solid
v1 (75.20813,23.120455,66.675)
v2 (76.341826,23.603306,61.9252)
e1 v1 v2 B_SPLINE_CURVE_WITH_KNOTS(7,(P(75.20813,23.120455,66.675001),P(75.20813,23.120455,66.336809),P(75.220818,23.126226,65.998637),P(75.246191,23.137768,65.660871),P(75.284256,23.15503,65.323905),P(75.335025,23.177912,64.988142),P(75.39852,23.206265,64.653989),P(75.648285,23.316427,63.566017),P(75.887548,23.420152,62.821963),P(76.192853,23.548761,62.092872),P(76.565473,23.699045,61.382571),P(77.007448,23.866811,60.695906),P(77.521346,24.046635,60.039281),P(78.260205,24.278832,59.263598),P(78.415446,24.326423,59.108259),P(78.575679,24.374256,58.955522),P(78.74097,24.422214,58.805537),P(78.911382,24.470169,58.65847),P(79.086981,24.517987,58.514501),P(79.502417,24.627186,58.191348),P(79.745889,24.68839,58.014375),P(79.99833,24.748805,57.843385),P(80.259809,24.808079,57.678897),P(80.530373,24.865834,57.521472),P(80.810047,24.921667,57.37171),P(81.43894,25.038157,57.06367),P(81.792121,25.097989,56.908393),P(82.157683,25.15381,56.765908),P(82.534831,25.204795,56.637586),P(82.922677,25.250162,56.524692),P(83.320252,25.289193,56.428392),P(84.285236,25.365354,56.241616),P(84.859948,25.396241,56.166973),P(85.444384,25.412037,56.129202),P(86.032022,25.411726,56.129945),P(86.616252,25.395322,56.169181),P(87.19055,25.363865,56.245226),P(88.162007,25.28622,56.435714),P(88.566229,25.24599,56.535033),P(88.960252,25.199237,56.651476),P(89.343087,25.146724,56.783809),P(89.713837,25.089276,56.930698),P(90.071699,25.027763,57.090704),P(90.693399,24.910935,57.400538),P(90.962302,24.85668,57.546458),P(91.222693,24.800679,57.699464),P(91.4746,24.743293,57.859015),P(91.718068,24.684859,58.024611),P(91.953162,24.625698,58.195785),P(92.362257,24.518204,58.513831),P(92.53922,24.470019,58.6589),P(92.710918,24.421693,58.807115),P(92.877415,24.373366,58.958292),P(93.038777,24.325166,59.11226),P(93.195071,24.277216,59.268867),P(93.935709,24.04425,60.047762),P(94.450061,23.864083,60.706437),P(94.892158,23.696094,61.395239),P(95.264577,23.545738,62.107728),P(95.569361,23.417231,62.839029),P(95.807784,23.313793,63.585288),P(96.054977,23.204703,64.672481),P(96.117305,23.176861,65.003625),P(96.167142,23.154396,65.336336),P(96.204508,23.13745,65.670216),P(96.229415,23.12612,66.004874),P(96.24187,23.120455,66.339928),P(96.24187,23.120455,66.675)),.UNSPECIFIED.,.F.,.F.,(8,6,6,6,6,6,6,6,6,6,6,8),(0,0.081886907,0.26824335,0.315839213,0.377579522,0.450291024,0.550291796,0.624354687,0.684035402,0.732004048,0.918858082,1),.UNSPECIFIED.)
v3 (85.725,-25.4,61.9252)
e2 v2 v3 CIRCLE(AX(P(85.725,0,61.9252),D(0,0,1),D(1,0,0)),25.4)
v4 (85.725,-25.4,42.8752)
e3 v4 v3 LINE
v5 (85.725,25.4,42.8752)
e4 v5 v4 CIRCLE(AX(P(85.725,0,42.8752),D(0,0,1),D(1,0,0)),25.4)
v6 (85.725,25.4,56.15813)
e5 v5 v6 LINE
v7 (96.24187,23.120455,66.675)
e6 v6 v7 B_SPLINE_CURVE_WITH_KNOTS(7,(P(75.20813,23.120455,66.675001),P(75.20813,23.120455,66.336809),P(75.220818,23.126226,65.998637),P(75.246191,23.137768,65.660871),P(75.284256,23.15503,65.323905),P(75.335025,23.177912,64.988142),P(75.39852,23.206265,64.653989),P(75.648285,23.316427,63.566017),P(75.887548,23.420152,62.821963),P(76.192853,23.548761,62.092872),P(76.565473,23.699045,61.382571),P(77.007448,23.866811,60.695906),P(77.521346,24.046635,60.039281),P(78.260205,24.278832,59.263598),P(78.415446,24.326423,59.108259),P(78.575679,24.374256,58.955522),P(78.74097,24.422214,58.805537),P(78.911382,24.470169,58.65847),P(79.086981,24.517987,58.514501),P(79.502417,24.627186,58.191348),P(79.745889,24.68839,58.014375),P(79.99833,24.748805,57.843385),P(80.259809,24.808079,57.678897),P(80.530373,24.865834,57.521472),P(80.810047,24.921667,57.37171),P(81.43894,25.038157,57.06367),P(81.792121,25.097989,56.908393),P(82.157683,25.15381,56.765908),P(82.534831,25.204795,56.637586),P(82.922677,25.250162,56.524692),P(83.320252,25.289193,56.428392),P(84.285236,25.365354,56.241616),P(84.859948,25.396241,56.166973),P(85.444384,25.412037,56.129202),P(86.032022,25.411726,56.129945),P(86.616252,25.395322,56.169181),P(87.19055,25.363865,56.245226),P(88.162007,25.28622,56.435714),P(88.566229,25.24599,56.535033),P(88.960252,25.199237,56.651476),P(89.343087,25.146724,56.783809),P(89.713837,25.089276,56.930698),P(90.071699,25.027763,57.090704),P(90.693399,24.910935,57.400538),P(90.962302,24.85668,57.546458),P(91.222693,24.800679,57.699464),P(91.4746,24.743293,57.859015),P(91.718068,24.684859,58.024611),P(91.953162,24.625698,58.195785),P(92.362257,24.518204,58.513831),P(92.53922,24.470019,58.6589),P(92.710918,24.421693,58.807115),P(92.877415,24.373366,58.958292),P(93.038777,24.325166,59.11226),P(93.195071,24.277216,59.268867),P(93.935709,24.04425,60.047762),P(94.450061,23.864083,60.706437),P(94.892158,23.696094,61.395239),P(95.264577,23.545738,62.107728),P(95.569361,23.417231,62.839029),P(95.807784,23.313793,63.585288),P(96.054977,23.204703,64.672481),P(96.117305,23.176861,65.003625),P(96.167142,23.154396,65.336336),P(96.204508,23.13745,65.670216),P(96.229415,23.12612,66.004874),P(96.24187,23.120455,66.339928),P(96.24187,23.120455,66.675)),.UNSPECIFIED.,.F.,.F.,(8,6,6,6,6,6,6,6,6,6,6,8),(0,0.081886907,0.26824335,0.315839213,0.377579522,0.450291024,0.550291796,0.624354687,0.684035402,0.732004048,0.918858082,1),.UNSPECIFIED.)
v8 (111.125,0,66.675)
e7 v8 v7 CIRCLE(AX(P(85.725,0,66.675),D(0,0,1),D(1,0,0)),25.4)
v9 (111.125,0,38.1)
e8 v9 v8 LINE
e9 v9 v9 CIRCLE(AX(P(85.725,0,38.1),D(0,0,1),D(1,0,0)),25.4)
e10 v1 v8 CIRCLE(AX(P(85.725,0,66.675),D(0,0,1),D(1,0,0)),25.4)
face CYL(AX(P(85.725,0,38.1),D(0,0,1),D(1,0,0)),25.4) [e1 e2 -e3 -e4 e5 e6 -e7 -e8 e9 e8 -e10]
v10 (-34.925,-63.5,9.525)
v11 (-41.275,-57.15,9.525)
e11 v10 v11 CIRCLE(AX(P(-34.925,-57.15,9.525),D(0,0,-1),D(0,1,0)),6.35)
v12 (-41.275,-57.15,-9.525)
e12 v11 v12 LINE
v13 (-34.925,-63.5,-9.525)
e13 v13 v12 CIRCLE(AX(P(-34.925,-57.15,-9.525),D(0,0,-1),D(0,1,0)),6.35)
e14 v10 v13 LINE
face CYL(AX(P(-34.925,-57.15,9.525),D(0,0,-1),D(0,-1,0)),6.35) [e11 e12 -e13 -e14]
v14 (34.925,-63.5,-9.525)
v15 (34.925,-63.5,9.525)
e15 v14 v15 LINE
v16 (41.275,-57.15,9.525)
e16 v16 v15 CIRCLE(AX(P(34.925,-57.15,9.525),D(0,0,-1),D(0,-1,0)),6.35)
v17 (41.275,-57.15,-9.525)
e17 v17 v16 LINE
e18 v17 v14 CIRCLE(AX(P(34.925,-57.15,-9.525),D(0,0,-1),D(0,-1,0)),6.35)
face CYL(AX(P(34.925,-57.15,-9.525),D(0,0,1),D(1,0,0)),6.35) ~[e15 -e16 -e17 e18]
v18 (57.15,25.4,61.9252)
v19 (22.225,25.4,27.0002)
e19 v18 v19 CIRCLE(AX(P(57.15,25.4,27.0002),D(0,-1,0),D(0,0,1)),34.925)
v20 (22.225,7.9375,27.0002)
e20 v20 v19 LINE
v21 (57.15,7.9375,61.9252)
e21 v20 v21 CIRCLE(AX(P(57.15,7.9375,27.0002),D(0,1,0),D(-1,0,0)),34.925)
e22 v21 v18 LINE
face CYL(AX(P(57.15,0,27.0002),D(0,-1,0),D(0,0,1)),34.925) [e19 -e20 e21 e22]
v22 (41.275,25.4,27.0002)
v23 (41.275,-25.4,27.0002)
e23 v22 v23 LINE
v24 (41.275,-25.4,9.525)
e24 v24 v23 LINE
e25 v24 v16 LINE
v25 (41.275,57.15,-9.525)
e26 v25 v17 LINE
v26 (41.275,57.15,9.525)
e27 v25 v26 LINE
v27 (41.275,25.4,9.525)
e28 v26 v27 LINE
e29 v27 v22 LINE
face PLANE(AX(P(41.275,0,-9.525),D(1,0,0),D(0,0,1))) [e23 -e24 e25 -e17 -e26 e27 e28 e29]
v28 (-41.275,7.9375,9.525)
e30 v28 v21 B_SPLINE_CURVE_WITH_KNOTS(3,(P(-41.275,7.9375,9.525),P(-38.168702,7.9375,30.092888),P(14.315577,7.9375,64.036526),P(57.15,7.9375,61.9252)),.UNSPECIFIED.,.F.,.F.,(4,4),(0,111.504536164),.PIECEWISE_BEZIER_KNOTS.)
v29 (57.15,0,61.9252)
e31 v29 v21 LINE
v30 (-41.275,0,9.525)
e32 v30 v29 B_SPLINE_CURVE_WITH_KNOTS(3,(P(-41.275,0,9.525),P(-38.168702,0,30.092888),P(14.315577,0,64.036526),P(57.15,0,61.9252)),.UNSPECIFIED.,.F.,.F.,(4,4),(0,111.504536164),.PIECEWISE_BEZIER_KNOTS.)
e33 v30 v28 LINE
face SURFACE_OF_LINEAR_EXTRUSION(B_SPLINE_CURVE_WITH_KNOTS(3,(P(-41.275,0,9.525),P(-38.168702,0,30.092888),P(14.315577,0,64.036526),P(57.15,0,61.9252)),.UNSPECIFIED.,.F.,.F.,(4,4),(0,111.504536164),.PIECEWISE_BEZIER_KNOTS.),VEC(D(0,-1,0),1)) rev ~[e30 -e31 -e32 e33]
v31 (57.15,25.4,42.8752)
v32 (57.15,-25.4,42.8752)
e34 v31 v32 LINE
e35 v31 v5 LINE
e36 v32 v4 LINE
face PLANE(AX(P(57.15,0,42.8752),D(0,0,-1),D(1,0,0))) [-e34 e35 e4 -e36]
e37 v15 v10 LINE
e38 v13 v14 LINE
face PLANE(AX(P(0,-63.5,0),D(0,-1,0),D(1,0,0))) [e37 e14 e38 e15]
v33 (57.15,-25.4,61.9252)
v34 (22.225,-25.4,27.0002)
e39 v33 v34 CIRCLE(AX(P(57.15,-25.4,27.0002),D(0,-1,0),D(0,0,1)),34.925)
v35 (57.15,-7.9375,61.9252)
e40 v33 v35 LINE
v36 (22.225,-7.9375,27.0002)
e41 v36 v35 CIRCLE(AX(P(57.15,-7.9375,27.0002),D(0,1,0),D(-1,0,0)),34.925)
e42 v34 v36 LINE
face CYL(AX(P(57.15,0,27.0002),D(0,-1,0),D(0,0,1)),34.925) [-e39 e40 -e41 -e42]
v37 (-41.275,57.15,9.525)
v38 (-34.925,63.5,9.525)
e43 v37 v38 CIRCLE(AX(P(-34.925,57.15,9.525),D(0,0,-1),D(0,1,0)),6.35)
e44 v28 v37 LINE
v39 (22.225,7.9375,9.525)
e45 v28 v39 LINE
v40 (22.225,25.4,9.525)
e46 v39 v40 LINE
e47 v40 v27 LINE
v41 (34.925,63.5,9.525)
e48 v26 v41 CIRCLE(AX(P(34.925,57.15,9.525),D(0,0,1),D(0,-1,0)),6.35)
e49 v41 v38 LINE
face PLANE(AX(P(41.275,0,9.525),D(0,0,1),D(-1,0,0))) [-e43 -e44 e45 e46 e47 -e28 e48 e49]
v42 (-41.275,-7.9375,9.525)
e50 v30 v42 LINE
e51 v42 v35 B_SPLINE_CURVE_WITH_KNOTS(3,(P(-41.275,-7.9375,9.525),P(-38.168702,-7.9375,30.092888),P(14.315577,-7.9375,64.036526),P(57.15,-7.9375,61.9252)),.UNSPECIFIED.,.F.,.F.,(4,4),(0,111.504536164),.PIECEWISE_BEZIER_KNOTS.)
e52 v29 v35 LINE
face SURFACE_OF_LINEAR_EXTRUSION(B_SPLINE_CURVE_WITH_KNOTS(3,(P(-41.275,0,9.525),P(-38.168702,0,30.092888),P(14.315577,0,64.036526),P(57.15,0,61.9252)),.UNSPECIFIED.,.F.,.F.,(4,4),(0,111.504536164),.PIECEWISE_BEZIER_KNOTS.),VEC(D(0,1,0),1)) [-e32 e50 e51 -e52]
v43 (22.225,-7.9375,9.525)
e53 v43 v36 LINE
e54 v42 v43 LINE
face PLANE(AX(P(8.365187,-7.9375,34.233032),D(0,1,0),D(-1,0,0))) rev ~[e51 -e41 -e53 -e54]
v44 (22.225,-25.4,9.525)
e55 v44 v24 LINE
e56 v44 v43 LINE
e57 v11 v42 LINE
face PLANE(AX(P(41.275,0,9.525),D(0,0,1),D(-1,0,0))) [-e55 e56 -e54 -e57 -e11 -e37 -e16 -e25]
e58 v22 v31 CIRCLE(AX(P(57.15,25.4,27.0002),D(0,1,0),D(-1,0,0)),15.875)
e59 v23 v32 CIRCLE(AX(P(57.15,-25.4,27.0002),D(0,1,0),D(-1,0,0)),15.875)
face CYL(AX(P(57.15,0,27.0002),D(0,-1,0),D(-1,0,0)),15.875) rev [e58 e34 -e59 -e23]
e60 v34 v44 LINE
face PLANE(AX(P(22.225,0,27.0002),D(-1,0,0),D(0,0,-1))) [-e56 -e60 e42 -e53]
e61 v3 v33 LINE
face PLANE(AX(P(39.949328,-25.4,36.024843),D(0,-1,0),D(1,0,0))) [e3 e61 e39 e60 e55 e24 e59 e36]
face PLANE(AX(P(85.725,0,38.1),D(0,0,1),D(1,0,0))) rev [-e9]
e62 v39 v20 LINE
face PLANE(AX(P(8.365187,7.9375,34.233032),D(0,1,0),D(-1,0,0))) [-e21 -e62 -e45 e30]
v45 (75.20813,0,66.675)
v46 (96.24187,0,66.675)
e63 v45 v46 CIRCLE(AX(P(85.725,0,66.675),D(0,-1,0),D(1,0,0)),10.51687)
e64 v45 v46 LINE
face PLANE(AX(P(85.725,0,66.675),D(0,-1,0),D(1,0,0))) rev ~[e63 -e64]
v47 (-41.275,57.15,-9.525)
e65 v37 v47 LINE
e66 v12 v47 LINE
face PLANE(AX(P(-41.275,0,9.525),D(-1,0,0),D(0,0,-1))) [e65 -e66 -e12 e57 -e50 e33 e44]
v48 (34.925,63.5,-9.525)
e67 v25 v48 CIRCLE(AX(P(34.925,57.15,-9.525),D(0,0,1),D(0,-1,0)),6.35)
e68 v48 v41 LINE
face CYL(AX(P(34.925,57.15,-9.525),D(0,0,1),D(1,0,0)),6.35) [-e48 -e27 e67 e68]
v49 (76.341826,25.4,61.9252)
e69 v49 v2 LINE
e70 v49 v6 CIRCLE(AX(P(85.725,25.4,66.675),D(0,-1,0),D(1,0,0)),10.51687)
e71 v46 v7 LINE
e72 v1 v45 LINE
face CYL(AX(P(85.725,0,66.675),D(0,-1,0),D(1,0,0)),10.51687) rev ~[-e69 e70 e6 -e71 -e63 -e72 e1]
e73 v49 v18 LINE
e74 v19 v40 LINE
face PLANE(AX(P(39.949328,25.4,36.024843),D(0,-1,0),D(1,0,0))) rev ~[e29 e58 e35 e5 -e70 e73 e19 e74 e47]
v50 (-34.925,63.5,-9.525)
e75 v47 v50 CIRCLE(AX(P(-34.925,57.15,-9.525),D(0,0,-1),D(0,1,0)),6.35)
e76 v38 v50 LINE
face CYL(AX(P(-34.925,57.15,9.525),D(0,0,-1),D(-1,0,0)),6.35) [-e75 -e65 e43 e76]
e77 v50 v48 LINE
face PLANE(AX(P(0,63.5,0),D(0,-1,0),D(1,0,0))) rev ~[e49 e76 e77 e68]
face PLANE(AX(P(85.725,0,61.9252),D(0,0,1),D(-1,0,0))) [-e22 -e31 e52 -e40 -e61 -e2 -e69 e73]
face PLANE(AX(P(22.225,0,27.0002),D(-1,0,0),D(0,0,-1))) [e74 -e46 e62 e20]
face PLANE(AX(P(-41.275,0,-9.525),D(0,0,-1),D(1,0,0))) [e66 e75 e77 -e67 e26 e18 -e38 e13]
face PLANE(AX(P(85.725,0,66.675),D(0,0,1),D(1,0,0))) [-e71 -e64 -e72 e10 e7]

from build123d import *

# Parameters (mm, degrees)
F1_DEPTH = 63.5
F0_W     = 25.4
F0_H     = 19.05
F2_DEPTH = 25.4
F3_DEPTH = 7.9375
F5_R     = 6.35
F6_D     = 21.03374
F6_DEPTH = 63.501


with BuildPart() as f1:
    # F0 (on Front) → F1 (new body, symmetric)
    with BuildSketch(Plane.XZ):
        Polygon((-41.275, -9.525), (41.275, -9.525), (41.275, 9.525), (22.225, 9.525), (-41.275, 9.525), align=None)
    extrude(amount=F1_DEPTH, both=True)

    # F0 (on Front) → F2 (join, symmetric)
    with BuildSketch(Plane.XZ):
        with BuildLine():
            Line((22.225, 9.525), (41.275, 9.525))
            Line((41.275, 9.525), (41.275, 27.0002))
            ThreePointArc((41.275, 27.0002), (45.9246798487, 38.2255201513), (57.15, 42.8752))
            Line((57.15, 42.8752), (60.325, 42.8752))
            Line((60.325, 42.8752), (60.325, 61.9252))
            Line((60.325, 61.9252), (57.15, 61.9252))
            ThreePointArc((57.15, 61.9252), (32.4542956671, 51.6959043329), (22.225, 27.0002))
            Line((22.225, 27.0002), (22.225, 9.525))
        make_face()
        with Locations((73.025, 52.4002)):
            Rectangle(F0_W, F0_H)
    extrude(amount=F2_DEPTH, both=True)

    # F0 (on Front) → F3 (join, symmetric)
    with BuildSketch(Plane.XZ):
        with BuildLine():
            add(Edge.make_bspline(
                [(-41.275, 9.525), (-38.1687022746, 30.0928875804), (14.3155772239, 64.0365257859), (57.15, 61.9252)],
                knots=[0, 0, 0, 0, 111.5045361635, 111.5045361635, 111.5045361635, 111.5045361635], degree=3))
            Line((-41.275, 9.525), (22.225, 9.525))
            Line((22.225, 9.525), (22.225, 27.0002))
            ThreePointArc((22.225, 27.0002), (32.4542956671, 51.6959043329), (57.15, 61.9252))
        make_face()
    extrude(amount=F3_DEPTH, both=True)

    # F0 (on Front) → F4 (revolve)
    with BuildSketch(Plane.XZ):
        Polygon((85.725, 66.675), (85.725, 61.9252), (85.725, 42.8752), (85.725, 38.1), (111.125, 38.1), (111.125, 66.675), align=None)
    revolve(axis=Axis((85.725, 0, 52.3875), (0, 0, 1)))

    # F5
    f5_edges = [f1.edges().sort_by_distance(p)[0] for p in [
        (-41.275, -63.5, 0),
        (41.275, -63.5, 0),
        (41.275, 63.5, 0),
        (-41.275, 63.5, 0),
    ]]
    fillet(f5_edges, radius=F5_R)

    # F6 (through all, one way)
    with BuildSketch(Plane.XZ):
        with Locations((85.725, 66.675)):
            Circle(F6_D / 2)
    extrude(amount=-F6_DEPTH, mode=Mode.SUBTRACT)


solid = f1.part
